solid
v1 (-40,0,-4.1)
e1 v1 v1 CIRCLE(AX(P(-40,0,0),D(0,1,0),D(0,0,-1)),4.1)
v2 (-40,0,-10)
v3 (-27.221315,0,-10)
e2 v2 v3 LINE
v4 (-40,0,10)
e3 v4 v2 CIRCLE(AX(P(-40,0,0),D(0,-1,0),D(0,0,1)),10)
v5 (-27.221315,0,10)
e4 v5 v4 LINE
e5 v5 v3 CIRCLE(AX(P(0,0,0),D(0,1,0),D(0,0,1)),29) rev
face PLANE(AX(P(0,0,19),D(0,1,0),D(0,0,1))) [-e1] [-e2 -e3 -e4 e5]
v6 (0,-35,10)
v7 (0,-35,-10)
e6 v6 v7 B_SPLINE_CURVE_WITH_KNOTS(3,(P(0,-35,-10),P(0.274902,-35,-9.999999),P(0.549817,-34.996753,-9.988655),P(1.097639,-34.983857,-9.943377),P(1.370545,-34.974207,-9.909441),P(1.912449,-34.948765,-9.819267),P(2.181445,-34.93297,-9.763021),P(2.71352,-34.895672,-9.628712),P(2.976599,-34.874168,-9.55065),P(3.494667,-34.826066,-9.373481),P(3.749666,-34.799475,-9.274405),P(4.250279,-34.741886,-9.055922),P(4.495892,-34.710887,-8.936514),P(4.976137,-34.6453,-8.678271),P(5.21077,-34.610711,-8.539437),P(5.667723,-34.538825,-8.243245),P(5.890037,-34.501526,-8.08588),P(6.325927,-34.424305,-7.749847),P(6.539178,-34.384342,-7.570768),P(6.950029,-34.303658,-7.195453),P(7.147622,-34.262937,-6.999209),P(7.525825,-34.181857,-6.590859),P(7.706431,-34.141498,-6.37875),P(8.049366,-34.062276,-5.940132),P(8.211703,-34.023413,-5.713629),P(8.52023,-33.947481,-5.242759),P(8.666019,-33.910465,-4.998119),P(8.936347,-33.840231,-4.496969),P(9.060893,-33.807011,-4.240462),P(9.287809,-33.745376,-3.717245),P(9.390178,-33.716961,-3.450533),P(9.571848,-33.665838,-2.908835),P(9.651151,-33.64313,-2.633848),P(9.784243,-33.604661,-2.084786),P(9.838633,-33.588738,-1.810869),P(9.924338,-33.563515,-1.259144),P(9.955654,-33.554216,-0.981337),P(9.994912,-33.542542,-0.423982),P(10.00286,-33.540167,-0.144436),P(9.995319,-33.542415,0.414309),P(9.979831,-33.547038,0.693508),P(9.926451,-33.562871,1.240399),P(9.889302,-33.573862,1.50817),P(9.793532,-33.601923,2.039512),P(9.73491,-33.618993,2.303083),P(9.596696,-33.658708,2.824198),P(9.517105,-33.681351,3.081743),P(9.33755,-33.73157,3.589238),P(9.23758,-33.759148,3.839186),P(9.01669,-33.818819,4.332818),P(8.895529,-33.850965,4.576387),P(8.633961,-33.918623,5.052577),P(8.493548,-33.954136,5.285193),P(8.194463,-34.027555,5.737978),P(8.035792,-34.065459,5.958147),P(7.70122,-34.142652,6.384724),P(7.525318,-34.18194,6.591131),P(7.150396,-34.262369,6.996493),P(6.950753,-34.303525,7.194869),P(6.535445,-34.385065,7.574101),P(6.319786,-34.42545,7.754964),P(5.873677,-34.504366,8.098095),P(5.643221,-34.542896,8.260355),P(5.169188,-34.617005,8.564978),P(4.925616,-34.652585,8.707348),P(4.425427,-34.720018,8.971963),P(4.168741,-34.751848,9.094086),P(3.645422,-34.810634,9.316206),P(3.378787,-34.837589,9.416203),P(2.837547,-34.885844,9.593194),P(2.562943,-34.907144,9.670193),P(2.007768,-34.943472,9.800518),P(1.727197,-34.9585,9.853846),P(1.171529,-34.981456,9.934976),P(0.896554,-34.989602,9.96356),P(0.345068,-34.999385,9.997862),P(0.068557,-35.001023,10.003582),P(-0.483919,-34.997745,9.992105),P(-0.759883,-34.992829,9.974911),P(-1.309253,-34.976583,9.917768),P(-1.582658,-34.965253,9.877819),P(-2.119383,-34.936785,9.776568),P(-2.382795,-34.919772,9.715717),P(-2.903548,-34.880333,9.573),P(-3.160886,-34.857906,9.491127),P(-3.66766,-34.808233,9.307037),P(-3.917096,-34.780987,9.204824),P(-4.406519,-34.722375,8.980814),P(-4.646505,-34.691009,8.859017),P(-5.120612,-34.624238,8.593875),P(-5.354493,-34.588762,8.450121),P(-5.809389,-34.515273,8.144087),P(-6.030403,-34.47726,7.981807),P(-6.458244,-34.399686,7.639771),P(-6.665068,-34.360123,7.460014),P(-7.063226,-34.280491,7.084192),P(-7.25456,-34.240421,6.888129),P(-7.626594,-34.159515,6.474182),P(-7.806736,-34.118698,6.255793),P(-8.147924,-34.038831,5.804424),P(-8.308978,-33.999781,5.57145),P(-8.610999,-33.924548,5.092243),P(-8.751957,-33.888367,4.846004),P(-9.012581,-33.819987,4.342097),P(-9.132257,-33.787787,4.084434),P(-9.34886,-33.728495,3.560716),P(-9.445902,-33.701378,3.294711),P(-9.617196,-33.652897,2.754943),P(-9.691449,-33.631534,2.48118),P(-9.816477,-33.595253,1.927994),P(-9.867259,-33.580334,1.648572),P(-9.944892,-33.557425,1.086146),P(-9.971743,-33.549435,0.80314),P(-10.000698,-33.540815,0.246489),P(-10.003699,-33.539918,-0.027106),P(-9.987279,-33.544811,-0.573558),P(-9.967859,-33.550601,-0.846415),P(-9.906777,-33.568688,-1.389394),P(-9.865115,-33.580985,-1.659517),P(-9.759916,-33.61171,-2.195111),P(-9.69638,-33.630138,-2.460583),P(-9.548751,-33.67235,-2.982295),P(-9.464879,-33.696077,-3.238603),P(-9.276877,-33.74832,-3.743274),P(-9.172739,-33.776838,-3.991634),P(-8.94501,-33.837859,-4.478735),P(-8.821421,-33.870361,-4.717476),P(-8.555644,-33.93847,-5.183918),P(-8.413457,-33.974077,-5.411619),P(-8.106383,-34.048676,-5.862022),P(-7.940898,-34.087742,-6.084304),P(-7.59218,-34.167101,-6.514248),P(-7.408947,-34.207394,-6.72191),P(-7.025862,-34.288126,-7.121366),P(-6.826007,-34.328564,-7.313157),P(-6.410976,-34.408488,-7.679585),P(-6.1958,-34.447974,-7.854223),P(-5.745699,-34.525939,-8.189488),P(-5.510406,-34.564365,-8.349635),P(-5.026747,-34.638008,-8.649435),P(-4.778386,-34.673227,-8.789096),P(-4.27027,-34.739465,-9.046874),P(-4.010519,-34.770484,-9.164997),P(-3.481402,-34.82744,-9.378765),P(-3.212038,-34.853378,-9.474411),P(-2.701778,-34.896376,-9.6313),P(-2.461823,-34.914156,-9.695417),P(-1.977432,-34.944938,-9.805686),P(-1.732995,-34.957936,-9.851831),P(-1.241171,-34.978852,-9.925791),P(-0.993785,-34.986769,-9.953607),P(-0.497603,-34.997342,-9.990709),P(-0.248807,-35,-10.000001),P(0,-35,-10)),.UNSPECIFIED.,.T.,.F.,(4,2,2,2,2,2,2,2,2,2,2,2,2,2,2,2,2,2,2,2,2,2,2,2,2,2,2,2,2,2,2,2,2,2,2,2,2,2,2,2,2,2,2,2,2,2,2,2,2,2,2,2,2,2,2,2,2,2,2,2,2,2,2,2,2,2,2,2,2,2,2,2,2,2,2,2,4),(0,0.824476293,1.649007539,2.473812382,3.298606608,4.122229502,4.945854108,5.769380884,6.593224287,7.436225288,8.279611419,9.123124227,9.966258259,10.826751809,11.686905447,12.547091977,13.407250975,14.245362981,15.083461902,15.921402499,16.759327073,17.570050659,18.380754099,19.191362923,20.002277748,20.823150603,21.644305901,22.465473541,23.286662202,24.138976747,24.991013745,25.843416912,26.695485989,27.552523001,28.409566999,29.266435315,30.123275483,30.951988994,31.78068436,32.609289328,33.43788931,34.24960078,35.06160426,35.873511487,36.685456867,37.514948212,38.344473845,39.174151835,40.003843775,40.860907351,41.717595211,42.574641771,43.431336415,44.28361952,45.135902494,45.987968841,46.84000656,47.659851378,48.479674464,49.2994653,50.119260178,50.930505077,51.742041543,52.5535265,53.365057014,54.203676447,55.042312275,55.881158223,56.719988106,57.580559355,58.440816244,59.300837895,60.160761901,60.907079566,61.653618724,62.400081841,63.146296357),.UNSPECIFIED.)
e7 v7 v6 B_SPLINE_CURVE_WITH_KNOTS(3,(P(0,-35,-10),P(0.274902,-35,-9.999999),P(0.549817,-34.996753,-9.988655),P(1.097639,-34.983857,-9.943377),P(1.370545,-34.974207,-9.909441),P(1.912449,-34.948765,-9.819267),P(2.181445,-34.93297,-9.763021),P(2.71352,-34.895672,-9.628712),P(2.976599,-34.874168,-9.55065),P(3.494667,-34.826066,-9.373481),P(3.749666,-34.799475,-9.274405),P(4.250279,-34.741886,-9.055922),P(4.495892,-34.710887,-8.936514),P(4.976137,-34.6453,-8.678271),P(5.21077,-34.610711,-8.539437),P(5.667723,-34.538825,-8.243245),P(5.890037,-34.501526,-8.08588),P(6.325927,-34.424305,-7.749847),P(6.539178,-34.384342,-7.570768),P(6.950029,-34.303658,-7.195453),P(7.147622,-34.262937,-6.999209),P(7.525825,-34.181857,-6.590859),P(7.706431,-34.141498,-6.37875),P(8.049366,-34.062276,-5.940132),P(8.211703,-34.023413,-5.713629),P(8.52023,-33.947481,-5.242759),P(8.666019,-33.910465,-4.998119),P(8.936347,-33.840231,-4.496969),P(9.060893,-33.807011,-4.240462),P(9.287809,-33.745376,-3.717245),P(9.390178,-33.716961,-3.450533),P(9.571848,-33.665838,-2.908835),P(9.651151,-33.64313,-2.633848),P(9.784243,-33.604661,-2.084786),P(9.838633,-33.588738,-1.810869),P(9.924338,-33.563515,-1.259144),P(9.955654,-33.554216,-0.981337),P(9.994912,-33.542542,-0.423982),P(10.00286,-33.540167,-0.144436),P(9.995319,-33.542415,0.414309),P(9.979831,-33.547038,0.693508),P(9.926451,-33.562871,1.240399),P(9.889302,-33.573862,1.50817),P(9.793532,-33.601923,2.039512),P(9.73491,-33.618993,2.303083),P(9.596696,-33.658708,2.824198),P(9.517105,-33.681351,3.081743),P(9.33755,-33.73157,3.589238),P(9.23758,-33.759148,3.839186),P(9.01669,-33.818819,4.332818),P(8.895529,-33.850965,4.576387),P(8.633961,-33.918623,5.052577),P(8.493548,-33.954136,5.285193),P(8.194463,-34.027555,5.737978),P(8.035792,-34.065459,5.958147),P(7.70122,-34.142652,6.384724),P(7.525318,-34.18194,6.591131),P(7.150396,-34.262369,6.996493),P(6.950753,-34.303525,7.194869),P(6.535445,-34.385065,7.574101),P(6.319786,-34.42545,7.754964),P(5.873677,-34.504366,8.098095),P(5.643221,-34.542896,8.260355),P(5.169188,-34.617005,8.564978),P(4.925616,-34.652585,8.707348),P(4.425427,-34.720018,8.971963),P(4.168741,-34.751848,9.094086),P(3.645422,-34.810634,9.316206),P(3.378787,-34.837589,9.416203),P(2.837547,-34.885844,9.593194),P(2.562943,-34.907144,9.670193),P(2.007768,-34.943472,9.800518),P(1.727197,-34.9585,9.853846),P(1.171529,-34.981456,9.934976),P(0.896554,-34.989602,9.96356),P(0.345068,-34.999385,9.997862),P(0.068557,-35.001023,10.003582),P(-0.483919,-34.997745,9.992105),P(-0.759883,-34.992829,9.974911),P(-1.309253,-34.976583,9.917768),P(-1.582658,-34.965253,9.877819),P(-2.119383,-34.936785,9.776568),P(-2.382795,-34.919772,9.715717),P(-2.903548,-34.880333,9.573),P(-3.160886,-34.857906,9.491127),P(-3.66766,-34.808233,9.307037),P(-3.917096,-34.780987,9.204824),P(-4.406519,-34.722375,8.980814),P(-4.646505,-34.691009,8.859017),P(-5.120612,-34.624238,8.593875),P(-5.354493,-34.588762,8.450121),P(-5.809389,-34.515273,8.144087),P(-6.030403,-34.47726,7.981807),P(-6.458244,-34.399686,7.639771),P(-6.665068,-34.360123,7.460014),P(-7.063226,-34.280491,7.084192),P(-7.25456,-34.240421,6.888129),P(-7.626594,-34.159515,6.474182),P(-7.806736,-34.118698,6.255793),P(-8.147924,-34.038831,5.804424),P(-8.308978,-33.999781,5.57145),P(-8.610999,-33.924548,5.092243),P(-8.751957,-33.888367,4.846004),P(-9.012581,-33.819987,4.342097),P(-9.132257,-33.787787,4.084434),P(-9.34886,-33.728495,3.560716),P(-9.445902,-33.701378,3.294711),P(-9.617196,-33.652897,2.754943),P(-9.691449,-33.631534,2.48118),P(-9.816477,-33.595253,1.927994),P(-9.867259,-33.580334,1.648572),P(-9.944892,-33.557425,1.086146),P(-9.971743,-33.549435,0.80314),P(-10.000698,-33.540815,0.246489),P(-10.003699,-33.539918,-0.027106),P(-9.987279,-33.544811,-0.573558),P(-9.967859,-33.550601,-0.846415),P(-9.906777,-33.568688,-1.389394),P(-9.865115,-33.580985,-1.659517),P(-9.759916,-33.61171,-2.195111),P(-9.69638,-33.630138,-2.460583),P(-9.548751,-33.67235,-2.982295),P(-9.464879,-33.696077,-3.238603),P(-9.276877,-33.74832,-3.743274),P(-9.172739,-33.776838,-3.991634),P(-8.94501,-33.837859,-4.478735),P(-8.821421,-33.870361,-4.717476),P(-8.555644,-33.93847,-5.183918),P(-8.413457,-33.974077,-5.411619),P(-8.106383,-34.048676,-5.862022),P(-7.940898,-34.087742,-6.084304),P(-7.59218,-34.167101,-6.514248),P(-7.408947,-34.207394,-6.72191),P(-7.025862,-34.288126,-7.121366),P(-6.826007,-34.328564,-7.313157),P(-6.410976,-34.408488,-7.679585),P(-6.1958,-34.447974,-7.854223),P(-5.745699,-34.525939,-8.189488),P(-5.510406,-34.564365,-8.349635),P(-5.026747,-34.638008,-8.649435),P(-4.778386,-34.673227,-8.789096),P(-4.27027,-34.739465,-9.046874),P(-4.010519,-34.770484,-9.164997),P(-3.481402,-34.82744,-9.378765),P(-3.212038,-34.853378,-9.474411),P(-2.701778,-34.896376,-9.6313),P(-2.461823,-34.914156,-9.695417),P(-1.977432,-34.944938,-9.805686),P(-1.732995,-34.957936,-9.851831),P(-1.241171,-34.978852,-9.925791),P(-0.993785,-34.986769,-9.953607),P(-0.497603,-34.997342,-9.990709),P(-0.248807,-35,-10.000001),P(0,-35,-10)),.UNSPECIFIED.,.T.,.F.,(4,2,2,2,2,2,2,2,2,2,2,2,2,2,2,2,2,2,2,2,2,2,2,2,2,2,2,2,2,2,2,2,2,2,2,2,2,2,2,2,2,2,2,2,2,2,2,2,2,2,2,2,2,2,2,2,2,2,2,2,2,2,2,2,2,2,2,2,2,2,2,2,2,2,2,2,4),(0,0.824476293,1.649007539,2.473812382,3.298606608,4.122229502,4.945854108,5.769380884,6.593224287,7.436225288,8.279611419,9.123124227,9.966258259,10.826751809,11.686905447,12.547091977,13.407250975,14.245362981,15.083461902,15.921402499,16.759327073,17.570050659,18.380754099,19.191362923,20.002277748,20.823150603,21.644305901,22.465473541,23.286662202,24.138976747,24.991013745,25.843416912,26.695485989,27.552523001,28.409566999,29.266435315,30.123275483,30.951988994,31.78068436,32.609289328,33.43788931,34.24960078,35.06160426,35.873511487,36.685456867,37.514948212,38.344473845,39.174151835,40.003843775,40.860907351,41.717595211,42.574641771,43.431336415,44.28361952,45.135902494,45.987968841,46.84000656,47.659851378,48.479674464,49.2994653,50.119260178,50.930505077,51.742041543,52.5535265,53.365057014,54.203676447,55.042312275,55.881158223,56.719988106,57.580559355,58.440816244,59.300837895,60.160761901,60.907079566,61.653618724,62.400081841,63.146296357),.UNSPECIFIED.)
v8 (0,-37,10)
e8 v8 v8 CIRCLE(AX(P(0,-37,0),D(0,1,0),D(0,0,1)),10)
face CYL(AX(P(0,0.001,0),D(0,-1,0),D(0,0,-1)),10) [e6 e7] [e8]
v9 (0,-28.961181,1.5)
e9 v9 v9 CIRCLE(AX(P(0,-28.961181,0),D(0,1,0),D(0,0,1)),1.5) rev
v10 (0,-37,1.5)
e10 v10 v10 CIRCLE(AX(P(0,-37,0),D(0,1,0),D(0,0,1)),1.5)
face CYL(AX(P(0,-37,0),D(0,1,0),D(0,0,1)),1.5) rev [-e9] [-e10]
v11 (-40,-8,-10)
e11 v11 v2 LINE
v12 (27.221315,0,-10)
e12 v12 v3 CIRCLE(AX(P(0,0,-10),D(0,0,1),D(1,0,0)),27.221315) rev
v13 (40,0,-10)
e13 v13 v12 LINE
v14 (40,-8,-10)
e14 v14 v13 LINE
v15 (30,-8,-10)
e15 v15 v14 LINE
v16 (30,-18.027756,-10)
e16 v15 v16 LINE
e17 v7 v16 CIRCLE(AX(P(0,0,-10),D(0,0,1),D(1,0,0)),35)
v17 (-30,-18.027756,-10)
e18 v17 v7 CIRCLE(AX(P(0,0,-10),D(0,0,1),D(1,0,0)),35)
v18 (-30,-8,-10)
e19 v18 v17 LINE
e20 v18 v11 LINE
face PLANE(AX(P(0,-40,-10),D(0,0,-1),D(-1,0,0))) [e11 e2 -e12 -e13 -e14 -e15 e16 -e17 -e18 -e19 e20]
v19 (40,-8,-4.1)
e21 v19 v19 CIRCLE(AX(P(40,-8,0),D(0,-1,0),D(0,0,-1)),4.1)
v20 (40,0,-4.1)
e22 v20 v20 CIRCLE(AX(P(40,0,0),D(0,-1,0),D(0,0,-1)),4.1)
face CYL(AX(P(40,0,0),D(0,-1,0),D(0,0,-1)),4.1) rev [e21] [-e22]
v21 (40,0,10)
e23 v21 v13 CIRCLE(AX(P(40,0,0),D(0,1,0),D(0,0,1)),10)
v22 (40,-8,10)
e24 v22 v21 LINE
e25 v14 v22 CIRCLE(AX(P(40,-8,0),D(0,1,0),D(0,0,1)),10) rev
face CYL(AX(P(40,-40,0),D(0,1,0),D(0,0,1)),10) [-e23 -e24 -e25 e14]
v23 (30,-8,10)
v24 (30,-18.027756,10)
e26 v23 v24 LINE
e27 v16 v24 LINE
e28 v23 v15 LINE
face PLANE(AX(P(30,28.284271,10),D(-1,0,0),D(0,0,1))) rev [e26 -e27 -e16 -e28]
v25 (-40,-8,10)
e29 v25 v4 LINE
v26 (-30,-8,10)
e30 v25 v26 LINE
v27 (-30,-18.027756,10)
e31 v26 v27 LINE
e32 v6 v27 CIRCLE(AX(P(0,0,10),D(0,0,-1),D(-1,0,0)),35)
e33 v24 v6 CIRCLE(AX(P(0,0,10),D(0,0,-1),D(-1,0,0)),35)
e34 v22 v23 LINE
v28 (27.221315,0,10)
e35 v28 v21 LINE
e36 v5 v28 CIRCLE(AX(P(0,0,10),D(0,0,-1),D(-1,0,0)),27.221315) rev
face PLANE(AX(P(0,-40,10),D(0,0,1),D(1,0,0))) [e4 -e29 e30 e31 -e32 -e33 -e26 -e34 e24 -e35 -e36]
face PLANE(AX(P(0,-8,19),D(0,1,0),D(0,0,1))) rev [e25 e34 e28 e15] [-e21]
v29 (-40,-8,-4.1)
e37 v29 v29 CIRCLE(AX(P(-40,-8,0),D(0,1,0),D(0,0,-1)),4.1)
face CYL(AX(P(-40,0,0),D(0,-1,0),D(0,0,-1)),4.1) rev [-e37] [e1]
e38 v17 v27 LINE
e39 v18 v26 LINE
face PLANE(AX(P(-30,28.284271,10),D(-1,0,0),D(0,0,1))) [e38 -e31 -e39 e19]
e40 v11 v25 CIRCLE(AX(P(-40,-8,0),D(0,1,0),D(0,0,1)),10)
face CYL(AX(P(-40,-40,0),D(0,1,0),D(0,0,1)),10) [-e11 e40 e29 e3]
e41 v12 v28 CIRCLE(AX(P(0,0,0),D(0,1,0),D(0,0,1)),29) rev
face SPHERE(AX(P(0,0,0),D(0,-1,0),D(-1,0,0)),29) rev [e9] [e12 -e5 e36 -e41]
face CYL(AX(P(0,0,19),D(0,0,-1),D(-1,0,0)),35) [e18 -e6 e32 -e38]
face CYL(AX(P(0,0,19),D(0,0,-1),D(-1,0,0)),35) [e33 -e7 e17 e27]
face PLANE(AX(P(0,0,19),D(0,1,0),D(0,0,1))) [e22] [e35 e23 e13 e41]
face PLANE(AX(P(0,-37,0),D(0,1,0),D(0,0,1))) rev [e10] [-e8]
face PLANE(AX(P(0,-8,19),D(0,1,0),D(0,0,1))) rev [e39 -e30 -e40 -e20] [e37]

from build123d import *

# Parameters (mm, degrees)
EXTRUDE_2_DEPTH      = 19
EXTRUDE_3_DEPTH      = 40
CUT_EXTRUDE_START    = -32
CUT_EXTRUDE_1_DEPTH  = 32
SKETCH_4_R           = 4.1
CUT_EXTRUDE_2_DEPTH  = 60.916608716
EXTRUDE_4_REACH      = 102.922
EXTRUDE_4_END_RADIUS = 35
EXTRUDE_START        = -37
SKETCH_5_R           = 10
SKETCH_5_R_2         = 1.5
SKETCH_5_4_R         = 1.5
CUT_EXTRUDE_3_DEPTH  = 66.038450252
CUT_EXTRUDE_4_DEPTH  = 12
SKETCH_6_R           = 4
CUT_EXTRUDE_5_DEPTH  = 30
SKETCH_10_W          = 80
SKETCH_10_H          = 68
CUT_EXTRUDE_6_DEPTH  = 76.617458351
SKETCH_11_W          = 80
SKETCH_11_H          = 20
CUT_EXTRUDE_7_DEPTH  = 69.629439801
SKETCH_12_W          = 10
SKETCH_12_H          = 20
CUT_EXTRUDE_8_DEPTH  = 59.660037571
SKETCH_13_W          = 10
SKETCH_13_H          = 20
CUT_EXTRUDE_9_DEPTH  = 59.660037571
SKETCH_14_R          = 1.5
CUT_EXTRUDE_10_DEPTH = 64.000000016


with BuildPart() as part:
    # Эскиз1 → Бобышка-Вытянуть2 (new, symmetric)
    with BuildSketch(Plane.XY):
        with BuildLine():
            Line((35, 0), (26, 0))
            ThreePointArc((26, 0), (0, -26), (-26, 0))
            Line((-26, 0), (-35, 0))
            ThreePointArc((-35, 0), (0, -35), (35, 0))
        make_face()
        with BuildLine():
            Line((26, 0), (24, 0))
            ThreePointArc((24, 0), (0, -24), (-24, 0))
            Line((-24, 0), (-26, 0))
            ThreePointArc((-26, 0), (0, -26), (26, 0))
        make_face()
    extrude(amount=EXTRUDE_2_DEPTH, both=True)

    # Эскиз2 → Бобышка-Вытянуть3 (add)
    with BuildSketch(Plane(origin=(0, 0, 0), x_dir=(1, 0, 0), z_dir=(0, 1, 0))):
        with BuildLine():
            ThreePointArc((50, 0), (47.071067812, 7.071067812), (40, 10))
            ThreePointArc((40, 10), (37.411809549, 9.659258263), (35, 8.660254038))
            Line((35, 8.660254038), (35, -8.660254038))
            ThreePointArc((35, -8.660254038), (37.411809549, -9.659258263), (40, -10))
            ThreePointArc((40, -10), (47.071067812, -7.071067812), (50, 0))
        make_face()
        with BuildLine():
            Line((35, -8.660254038), (35, 8.660254038))
            ThreePointArc((35, 8.660254038), (31.339745962, 5), (30, 0))
            ThreePointArc((30, 0), (31.339745962, -5), (35, -8.660254038))
        make_face()
        with BuildLine():
            ThreePointArc((35, 8.660254038), (37.411809549, 9.659258263), (40, 10))
            Line((40, 10), (35, 10))
            Line((35, 10), (35, 8.660254038))
        make_face()
        with BuildLine():
            Line((35, -10), (40, -10))
            ThreePointArc((40, -10), (37.411809549, -9.659258263), (35, -8.660254038))
            Line((35, -8.660254038), (35, -10))
        make_face()
        with BuildLine():
            Line((35, 8.660254038), (35, 10))
            Line((35, 10), (30, 10))
            Line((30, 10), (30, 0))
            ThreePointArc((30, 0), (31.339745962, 5), (35, 8.660254038))
        make_face()
        with BuildLine():
            ThreePointArc((35, -8.660254038), (31.339745962, -5), (30, 0))
            Line((30, 0), (30, -10))
            Line((30, -10), (35, -10))
            Line((35, -10), (35, -8.660254038))
        make_face()
    extrude_3 = extrude(amount=-EXTRUDE_3_DEPTH)

    # Эскиз3 → Вырез-Вытянуть1 (cut)
    with BuildSketch(Plane.XZ.offset(40).offset(CUT_EXTRUDE_START)):
        with BuildLine():
            Line((40, 10), (30, 10))
            Line((30, 10), (30, -10))
            Line((30, -10), (40, -10))
            ThreePointArc((40, -10), (50, 0), (40, 10))
        make_face()
    cut_extrude_1 = extrude(amount=CUT_EXTRUDE_1_DEPTH, mode=Mode.SUBTRACT)

    # Эскиз4 → Вырез-Вытянуть2 (cut, through all)
    with BuildSketch(Plane.XZ.offset(8)):
        with Locations(Location((40, 0, 0), (0, 0, 270))):
            Circle(SKETCH_4_R)
    cut_extrude_2 = extrude(amount=-CUT_EXTRUDE_2_DEPTH, mode=Mode.SUBTRACT)

    # Зеркальное отражение1: Бобышка-Вытянуть3, Вырез-Вытянуть1, Вырез-Вытянуть2 across plane
    add(extrude_3.mirror(Plane(origin=(0, 0, 0), x_dir=(0, 0, 1), z_dir=(1, 0, 0))))
    add(cut_extrude_1.mirror(Plane(origin=(0, 0, 0), x_dir=(0, 0, 1), z_dir=(1, 0, 0))), mode=Mode.SUBTRACT)
    add(cut_extrude_2.mirror(Plane(origin=(0, 0, 0), x_dir=(0, 0, 1), z_dir=(1, 0, 0))), mode=Mode.SUBTRACT)

    # Бобышка-Вытянуть4: up to this cylinder (the profile starts outside it)
    extrude_4_end = Plane(origin=(0, 0, 4.8585785), z_dir=(0, 0, -1)) * Cylinder(EXTRUDE_4_END_RADIUS, 286.561157, mode=Mode.PRIVATE)
    # Эскиз5 → Бобышка-Вытянуть4 (add, up to the surface)
    with BuildSketch(Plane(origin=(0, 0, 0), x_dir=(1, 0, 0), z_dir=(0, 1, 0)).offset(EXTRUDE_START), mode=Mode.PRIVATE) as extrude_4_sk1:
        with Locations(Location((0, 0, 0), (0, 0, 90))):
            Circle(SKETCH_5_R)
        Circle(SKETCH_5_R_2, mode=Mode.SUBTRACT)
    extrude_4_tool1 = extrude(extrude_4_sk1.sketch, amount=EXTRUDE_4_REACH, mode=Mode.PRIVATE) - extrude_4_end
    add(extrude_4_tool1.solids().sort_by_distance((0, -37, 9.717157))[0])
    # Эскиз5 → Бобышка-Вытянуть4 (add, up to the surface)
    with BuildSketch(Plane(origin=(0, 0, 0), x_dir=(1, 0, 0), z_dir=(0, 1, 0)).offset(EXTRUDE_START), mode=Mode.PRIVATE) as extrude_4_sk2:
        Circle(SKETCH_5_R_2)
    extrude_4_tool2 = extrude(extrude_4_sk2.sketch, amount=EXTRUDE_4_REACH, mode=Mode.PRIVATE) - extrude_4_end
    add(extrude_4_tool2.solids().sort_by_distance((0, -37, 0))[0])

    # Эскиз5<4> → Вырез-Вытянуть3 (cut, through all)
    with BuildSketch(Plane(origin=(0, 0, 0), x_dir=(1, 0, 0), z_dir=(0, 1, 0))):
        with Locations(Location((0, 0, 0), (0, 0, 270))):
            Circle(SKETCH_5_4_R)
    extrude(amount=-CUT_EXTRUDE_3_DEPTH, mode=Mode.SUBTRACT)

    # Эскиз1<4> → Вырез-Вытянуть4 (cut, symmetric)
    with BuildSketch(Plane.XY):
        with BuildLine():
            ThreePointArc((-24, 0), (0, 24), (24, 0))
            Line((24, 0), (26, 0))
            ThreePointArc((26, 0), (0, 26), (-26, 0))
            Line((-26, 0), (-24, 0))
        make_face()
        with BuildLine():
            Line((26, 0), (24, 0))
            ThreePointArc((24, 0), (0, -24), (-24, 0))
            Line((-24, 0), (-26, 0))
            ThreePointArc((-26, 0), (0, -26), (26, 0))
        make_face()
    extrude(amount=CUT_EXTRUDE_4_DEPTH, both=True, mode=Mode.SUBTRACT)

    # Эскиз6 → Вырез-Вытянуть5 (cut)
    with BuildSketch(Plane(origin=(0, 0, 0), x_dir=(1, 0, 0), z_dir=(0, 1, 0))):
        with Locations(Location((0, 0, 0), (0, 0, 270))):
            Circle(SKETCH_6_R)
    extrude(amount=-CUT_EXTRUDE_5_DEPTH, mode=Mode.SUBTRACT)

    # Эскиз7 → Повернуть1 (revolve)
    with BuildSketch(Plane.XY):
        with BuildLine():
            Line((0, 33), (0, -33))
            ThreePointArc((0, -33), (33, 0), (0, 33))
        make_face()
    revolve(axis=Axis((0, 0, 0), (0, 1, 0)))

    # Эскиз8 → Вырез-Повернуть1 (revolve, cut)
    with BuildSketch(Plane.XY):
        with BuildLine():
            Line((0, 29), (0, -29))
            ThreePointArc((0, -29), (29, 0), (0, 29))
        make_face()
    revolve(axis=Axis((0, 0, 0), (0, 1, 0)), mode=Mode.SUBTRACT)

    # Эскиз10 → Вырез-Вытянуть6 (cut, through all)
    with BuildSketch(Plane(origin=(0, 0, -10), x_dir=(-1, 0, 0), z_dir=(0, 0, -1))):
        with Locations((0, -1)):
            Rectangle(SKETCH_10_W, SKETCH_10_H)
    cut_extrude_6 = extrude(amount=CUT_EXTRUDE_6_DEPTH, mode=Mode.SUBTRACT)

    # Зеркальное отражение2: Вырез-Вытянуть6 across plane
    add(cut_extrude_6.mirror(Plane.XY), mode=Mode.SUBTRACT)

    # Эскиз11 → Вырез-Вытянуть7 (cut, through all)
    with BuildSketch(Plane(origin=(0, 0, 0), x_dir=(1, 0, 0), z_dir=(0, 1, 0))):
        Rectangle(SKETCH_11_W, SKETCH_11_H)
    extrude(amount=CUT_EXTRUDE_7_DEPTH, mode=Mode.SUBTRACT)

    # Эскиз12 → Вырез-Вытянуть8 (cut, through all)
    with BuildSketch(Plane.XZ.offset(8)):
        with Locations((-35, 0)):
            Rectangle(SKETCH_12_W, SKETCH_12_H)
    extrude(amount=CUT_EXTRUDE_8_DEPTH, mode=Mode.SUBTRACT)

    # Эскиз13 → Вырез-Вытянуть9 (cut, through all)
    with BuildSketch(Plane.XZ.offset(8)):
        with Locations((35, 0)):
            Rectangle(SKETCH_13_W, SKETCH_13_H)
    extrude(amount=CUT_EXTRUDE_9_DEPTH, mode=Mode.SUBTRACT)

    # Эскиз14 → Вырез-Вытянуть10 (cut, through all)
    with BuildSketch(Plane.XZ.offset(37)):
        with Locations(Location((0, 0, 0), (0, 0, 90))):
            Circle(SKETCH_14_R)
    extrude(amount=-CUT_EXTRUDE_10_DEPTH, mode=Mode.SUBTRACT)


solid = part.part
